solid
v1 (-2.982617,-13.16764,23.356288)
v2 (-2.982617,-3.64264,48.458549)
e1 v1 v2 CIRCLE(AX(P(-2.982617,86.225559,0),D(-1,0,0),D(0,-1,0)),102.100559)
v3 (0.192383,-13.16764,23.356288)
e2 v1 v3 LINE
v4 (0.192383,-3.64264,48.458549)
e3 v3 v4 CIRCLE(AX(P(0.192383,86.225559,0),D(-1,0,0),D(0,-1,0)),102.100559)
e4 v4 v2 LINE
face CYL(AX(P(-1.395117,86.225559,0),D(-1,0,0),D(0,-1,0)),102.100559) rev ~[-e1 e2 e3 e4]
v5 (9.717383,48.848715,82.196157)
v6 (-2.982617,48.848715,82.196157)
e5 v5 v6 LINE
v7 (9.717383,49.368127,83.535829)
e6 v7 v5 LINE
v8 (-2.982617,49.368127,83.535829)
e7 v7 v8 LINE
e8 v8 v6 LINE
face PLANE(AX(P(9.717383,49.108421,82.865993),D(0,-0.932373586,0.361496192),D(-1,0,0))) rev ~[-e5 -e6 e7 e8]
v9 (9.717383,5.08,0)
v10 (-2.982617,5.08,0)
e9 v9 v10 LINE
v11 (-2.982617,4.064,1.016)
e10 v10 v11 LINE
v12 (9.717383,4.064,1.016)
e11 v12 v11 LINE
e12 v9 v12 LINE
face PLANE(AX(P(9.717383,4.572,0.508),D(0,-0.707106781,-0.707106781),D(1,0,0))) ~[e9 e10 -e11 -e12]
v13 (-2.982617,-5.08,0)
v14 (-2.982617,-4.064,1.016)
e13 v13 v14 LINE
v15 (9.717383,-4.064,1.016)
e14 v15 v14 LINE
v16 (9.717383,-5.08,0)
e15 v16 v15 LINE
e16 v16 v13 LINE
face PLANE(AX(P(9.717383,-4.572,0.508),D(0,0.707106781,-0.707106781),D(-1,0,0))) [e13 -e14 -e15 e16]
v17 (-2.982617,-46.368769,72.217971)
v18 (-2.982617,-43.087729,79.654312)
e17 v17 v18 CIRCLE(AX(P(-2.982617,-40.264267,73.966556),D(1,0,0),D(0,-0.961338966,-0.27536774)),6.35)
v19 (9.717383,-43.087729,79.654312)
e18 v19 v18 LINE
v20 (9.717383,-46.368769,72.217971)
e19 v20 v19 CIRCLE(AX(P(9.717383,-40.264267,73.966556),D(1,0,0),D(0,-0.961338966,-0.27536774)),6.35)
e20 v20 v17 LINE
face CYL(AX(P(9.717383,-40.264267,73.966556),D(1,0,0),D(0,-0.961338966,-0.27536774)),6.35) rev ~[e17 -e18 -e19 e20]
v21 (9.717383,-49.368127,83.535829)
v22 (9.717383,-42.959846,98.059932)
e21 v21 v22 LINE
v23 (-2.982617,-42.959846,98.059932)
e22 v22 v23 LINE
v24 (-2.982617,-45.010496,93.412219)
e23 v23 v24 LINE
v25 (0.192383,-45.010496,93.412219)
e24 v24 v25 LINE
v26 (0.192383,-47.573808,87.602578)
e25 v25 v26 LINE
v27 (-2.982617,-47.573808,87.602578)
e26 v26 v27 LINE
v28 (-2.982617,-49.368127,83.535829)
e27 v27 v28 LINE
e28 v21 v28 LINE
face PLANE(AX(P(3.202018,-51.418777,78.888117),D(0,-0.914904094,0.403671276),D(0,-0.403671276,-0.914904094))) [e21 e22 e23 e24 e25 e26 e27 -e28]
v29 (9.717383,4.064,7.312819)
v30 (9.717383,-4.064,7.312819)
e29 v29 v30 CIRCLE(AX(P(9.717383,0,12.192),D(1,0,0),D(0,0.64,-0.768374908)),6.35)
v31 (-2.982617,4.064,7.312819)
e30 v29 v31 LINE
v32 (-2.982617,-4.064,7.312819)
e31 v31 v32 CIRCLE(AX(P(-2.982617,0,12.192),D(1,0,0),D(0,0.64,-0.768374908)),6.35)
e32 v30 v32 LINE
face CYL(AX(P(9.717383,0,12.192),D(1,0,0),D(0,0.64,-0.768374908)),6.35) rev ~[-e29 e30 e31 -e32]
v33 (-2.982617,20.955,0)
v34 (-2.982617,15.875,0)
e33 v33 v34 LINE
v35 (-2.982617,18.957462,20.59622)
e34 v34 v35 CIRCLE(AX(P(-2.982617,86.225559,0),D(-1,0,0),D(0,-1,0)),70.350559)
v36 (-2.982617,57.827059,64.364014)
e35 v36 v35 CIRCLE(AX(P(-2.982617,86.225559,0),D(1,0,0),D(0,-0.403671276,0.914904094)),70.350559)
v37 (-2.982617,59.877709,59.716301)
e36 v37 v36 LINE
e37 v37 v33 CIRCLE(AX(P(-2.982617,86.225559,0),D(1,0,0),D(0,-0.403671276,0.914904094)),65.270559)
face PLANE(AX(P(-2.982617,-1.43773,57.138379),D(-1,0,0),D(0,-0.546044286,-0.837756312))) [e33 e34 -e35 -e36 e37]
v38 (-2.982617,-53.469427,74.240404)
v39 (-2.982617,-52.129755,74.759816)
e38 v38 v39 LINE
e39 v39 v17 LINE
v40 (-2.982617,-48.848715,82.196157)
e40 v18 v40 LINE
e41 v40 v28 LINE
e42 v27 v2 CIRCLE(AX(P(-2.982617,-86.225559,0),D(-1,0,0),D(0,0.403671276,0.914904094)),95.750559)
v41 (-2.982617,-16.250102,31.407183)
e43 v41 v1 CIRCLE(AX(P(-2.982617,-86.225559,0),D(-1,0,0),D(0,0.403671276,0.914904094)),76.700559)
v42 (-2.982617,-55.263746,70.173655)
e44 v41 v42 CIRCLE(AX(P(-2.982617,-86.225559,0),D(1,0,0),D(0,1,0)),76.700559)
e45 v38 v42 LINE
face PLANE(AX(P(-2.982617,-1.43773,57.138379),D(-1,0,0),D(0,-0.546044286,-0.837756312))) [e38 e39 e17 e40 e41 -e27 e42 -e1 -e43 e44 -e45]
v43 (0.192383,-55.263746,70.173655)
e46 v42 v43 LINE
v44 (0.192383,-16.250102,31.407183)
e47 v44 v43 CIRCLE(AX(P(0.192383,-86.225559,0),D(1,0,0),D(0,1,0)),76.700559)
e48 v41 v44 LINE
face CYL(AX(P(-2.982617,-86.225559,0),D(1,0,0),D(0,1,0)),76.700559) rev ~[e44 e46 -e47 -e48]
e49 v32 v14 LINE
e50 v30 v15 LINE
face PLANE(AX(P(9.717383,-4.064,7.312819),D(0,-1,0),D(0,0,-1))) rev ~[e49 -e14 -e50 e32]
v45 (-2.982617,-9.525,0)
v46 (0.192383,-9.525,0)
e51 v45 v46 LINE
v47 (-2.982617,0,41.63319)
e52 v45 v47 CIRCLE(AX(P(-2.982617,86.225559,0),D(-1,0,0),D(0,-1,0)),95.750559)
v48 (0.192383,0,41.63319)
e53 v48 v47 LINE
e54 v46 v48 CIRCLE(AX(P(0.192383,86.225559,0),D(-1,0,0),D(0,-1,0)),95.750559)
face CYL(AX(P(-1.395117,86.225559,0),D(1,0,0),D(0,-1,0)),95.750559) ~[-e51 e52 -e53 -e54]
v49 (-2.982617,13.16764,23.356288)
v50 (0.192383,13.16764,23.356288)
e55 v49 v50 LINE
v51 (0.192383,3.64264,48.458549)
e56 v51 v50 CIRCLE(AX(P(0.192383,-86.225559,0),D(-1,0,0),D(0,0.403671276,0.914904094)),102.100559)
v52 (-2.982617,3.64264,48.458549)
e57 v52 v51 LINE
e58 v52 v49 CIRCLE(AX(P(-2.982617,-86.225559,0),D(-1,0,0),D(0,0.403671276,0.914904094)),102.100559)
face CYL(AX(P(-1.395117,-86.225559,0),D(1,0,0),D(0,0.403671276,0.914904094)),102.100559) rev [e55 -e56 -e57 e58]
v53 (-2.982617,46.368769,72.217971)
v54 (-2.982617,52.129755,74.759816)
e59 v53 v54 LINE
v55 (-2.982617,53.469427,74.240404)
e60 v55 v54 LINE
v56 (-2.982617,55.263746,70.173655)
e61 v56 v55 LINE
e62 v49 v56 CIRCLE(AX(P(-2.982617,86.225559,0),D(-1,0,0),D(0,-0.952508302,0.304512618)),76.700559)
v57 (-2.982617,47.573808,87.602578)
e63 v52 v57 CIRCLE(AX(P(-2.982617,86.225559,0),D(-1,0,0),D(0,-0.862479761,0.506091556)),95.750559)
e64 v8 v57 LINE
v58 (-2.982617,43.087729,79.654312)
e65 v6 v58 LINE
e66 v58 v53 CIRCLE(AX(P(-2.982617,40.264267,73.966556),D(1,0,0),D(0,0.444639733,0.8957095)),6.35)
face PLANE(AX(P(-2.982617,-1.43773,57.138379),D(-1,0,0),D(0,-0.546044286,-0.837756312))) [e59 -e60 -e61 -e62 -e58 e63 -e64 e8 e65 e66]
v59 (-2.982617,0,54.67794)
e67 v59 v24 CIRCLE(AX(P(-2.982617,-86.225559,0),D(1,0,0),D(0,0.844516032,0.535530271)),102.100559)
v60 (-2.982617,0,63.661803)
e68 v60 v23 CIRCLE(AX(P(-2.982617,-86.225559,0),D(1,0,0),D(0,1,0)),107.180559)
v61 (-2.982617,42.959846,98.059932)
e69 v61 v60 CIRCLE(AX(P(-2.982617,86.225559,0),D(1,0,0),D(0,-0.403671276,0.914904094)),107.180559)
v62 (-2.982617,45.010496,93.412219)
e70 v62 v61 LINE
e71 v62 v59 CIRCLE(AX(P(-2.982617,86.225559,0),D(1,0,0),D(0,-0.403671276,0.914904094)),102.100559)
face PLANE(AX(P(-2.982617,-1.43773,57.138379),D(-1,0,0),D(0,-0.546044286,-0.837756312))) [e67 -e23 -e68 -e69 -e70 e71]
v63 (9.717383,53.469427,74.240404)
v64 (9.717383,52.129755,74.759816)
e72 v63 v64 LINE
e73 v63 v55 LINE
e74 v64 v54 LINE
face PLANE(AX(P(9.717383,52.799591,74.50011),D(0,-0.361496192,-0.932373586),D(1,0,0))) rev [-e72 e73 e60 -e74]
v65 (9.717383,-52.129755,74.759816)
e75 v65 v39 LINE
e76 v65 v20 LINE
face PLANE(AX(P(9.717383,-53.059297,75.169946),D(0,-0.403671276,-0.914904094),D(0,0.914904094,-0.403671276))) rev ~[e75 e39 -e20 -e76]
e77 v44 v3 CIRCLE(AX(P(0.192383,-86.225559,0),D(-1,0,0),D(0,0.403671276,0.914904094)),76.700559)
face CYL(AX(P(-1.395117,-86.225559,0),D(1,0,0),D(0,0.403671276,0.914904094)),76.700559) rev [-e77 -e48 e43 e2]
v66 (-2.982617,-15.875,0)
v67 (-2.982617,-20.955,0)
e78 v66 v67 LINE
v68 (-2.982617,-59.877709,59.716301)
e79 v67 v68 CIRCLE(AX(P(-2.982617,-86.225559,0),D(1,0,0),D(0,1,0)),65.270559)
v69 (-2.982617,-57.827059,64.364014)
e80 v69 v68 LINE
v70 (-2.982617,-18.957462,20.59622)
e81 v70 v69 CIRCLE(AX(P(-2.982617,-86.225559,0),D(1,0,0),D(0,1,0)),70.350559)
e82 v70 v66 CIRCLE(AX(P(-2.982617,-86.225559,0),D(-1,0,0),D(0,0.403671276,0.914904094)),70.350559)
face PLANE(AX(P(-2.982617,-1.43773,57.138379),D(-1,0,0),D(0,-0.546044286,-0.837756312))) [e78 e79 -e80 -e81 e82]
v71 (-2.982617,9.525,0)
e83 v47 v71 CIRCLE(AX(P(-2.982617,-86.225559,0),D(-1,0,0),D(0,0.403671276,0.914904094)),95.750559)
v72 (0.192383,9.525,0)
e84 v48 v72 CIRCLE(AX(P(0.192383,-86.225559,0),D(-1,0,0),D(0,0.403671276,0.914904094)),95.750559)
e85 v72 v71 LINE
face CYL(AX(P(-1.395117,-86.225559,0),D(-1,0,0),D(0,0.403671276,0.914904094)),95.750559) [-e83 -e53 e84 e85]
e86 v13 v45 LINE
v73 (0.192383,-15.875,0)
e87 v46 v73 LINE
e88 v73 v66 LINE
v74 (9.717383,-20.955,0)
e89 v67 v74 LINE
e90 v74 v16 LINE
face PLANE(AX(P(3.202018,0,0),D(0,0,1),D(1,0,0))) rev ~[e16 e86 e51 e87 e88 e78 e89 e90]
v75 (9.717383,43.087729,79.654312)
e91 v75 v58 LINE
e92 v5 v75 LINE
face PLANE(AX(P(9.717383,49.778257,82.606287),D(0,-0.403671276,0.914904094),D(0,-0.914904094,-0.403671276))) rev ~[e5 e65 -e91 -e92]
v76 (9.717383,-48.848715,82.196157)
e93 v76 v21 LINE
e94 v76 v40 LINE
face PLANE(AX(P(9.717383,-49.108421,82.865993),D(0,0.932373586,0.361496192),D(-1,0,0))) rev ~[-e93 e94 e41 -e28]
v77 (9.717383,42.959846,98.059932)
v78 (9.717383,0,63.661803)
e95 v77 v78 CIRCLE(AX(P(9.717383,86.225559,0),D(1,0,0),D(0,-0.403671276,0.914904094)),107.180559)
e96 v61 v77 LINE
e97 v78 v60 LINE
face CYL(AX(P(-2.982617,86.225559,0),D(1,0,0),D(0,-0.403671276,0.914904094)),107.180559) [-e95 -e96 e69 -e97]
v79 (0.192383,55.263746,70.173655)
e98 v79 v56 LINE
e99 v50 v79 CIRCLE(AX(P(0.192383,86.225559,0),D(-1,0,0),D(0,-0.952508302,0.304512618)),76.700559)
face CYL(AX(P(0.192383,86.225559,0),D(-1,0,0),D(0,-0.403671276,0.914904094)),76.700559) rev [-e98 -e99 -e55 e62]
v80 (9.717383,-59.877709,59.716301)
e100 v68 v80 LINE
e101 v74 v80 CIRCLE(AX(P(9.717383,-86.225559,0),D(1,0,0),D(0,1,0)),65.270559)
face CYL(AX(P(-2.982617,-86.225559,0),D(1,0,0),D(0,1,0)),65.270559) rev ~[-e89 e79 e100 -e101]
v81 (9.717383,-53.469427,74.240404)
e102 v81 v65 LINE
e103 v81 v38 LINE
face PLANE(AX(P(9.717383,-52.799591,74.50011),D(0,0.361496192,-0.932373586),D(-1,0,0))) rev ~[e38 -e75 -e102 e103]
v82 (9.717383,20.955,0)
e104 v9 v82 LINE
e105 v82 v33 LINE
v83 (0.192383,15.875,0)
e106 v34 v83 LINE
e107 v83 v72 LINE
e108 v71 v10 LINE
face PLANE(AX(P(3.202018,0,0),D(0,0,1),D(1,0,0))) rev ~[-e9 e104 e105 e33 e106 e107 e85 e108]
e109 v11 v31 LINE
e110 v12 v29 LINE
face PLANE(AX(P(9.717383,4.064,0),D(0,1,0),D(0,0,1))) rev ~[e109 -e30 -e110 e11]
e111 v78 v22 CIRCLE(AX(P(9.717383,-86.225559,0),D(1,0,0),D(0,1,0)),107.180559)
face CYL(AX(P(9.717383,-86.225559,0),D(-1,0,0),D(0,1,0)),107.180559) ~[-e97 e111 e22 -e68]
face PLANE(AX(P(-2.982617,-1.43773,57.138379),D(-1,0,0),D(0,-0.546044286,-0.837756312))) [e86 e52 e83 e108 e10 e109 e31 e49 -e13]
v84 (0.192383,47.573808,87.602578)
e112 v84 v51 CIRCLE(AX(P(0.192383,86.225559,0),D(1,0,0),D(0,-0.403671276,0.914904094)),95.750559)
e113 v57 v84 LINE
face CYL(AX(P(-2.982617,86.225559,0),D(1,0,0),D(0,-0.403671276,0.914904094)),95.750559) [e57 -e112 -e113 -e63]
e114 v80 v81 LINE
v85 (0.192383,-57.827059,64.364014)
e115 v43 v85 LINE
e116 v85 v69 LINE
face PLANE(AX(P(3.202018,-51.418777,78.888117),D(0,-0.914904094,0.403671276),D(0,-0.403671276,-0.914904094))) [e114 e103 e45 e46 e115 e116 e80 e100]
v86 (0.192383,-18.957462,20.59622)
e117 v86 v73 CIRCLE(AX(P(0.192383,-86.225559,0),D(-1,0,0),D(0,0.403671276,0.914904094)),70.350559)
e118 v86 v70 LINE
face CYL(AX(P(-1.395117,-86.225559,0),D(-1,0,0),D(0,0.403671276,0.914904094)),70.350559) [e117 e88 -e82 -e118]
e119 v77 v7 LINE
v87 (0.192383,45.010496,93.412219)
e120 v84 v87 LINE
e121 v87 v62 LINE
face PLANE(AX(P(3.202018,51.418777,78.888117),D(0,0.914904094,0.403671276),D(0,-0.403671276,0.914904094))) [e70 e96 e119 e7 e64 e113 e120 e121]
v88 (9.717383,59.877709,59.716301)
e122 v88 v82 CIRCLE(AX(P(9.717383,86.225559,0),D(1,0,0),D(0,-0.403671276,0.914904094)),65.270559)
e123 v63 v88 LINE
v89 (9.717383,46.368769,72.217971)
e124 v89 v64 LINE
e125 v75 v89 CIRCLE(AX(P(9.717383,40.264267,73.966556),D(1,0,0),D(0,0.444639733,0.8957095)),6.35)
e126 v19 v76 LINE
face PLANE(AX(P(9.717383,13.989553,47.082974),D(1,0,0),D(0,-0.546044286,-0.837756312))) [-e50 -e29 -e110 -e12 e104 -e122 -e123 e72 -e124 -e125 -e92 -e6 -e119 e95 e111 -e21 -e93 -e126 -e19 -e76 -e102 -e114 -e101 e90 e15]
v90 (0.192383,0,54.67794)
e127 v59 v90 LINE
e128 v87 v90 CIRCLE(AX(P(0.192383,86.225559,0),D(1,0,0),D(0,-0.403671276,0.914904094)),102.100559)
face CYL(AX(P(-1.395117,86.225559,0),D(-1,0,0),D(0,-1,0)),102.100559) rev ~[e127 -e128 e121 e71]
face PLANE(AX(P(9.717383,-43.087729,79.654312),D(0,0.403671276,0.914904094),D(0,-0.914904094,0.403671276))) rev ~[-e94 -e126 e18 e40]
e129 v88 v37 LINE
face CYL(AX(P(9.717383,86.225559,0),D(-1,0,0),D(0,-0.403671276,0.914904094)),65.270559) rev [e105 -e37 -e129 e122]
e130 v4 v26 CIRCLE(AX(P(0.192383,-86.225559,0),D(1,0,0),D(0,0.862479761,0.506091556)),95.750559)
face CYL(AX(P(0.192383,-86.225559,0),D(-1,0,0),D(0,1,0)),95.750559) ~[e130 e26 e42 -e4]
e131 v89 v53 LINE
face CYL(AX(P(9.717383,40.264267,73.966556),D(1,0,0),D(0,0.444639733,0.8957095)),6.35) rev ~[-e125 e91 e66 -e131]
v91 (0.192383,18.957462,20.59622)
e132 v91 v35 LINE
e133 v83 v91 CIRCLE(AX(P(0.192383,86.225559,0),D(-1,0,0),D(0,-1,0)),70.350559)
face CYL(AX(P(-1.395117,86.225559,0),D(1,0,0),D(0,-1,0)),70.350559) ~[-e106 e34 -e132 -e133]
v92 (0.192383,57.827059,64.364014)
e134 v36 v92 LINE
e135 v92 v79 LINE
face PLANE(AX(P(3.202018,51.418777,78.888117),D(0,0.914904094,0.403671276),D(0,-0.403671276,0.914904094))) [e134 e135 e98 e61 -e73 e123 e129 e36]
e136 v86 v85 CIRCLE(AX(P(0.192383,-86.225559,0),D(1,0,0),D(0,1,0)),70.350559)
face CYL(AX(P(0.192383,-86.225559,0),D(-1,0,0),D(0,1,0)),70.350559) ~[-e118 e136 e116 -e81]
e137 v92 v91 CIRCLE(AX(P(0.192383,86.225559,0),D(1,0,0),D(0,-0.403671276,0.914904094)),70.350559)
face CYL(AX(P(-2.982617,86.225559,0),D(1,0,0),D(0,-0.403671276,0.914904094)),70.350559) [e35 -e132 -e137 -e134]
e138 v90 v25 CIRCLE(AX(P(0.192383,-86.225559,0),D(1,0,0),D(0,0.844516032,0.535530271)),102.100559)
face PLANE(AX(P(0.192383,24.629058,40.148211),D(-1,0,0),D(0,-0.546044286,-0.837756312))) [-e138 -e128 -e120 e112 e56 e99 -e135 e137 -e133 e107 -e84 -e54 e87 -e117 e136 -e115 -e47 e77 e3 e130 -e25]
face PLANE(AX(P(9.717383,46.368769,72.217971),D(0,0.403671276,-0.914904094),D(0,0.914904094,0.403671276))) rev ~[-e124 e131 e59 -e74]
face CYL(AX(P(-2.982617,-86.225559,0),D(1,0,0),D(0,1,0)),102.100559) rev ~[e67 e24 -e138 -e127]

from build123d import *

# Parameters (mm, degrees)
F4_DEPTH  = 12.7
F5_SIZE   = 1.016
F8_W      = 3.175
F8_H      = 6.35
F12_DEPTH = 12.7
F13_SIZE  = 1.016


with BuildPart() as f2:
    # F2: sweep along a path in F1
    with BuildLine(Plane.YZ) as f2_path:
        ThreePointArc((0, 0), (-13.9895526568, 47.0829736144), (-51.4187773904, 78.8881166537))
    # F0 (on Top) → F2 (sweep)
    with BuildSketch(Plane.XY):
        Polygon((-2.9826171882, -15.875), (-2.9826171882, -20.955), (9.7173828118, -20.955), (9.7173828118, 20.955), (-2.9826171882, 20.955), (-2.9826171882, 15.875), (0.1923828118, 15.875), (0.1923828118, 9.525), (-2.9826171882, 9.525), (-2.9826171882, -9.525), (0.1923828118, -9.525), (0.1923828118, -15.875), align=None)
    sweep(path=f2_path.line)

    # F3 (on face) → F4 (cut, through all)
    with BuildSketch(Plane.YZ.offset(9.7173828118)):
        with BuildLine():
            Line((-4.064, 7.3128193311), (-4.064, 0))
            Line((-4.064, 0), (4.064, 0))
            Line((4.064, 0), (4.064, 7.3128193311))
            ThreePointArc((4.064, 7.3128193311), (0, 18.542), (-4.064, 7.3128193311))
        make_face()
        with BuildLine():
            Line((-43.0877289811, 79.6543117793), (-49.7782573242, 82.6062868909))
            Line((-49.7782573242, 82.6062868909), (-53.0592974567, 75.1699464166))
            Line((-53.0592974567, 75.1699464166), (-46.3687691136, 72.217971305))
            ThreePointArc((-46.3687691136, 72.217971305), (-34.4546256835, 71.4032438515), (-43.0877289811, 79.6543117793))
        make_face()
    extrude(amount=-F4_DEPTH, mode=Mode.SUBTRACT)

    # F5
    f5_edges = [f2.edges().sort_by_distance(p)[0] for p in [
        (3.367383, -53.059297, 75.169946),
        (3.367383, -49.778257, 82.606287),
        (3.367383, 4.064, 0),
        (3.367383, -4.064, 0),
    ]]
    chamfer(f5_edges, length=F5_SIZE)

    # F7: sweep along a path in F6
    with BuildLine(Plane.YZ) as f7_path:
        ThreePointArc((51.4187773904, 78.8881166537), (13.9895526568, 47.0829736144), (0, 0))
    # F0 (on Top) → F7 (sweep)
    with BuildSketch(Plane.XY):
        Polygon((-2.9826171882, -15.875), (-2.9826171882, -20.955), (9.7173828118, -20.955), (9.7173828118, 20.955), (-2.9826171882, 20.955), (-2.9826171882, 15.875), (0.1923828118, 15.875), (0.1923828118, 9.525), (-2.9826171882, 9.525), (-2.9826171882, -9.525), (0.1923828118, -9.525), (0.1923828118, -15.875), align=None)
    sweep(path=f7_path.line)

    # F9: sweep along a path in F9_path
    with BuildLine(Plane(origin=(-2.9826171882, 20.955, 0), x_dir=(0, 0, 1), z_dir=(1, 0, 0))) as f9_path:
        ThreePointArc((0, 0), (35.6406156079, -10.5897361719), (59.7163013685, -38.922708982))
    # F8 (on face) → F9 (sweep, cut)
    with BuildSketch(Plane(origin=(0, 0, 0), x_dir=(1, 0, 0), z_dir=(0, 0, -1))):
        with Locations((-1.3951171882, -12.7)):
            Rectangle(F8_W, F8_H)
        with Locations((-1.3951171882, 12.7)):
            Rectangle(F8_W, F8_H)
    sweep(path=f9_path.line, mode=Mode.SUBTRACT)

    # F10: sweep along a path in F10_path
    with BuildLine(Plane(origin=(-2.9826171882, -59.877708982, 59.7163013685), x_dir=(0, 0, 1), z_dir=(1, 0, 0))) as f10_path:
        ThreePointArc((0, 0), (-24.0756857607, -28.33297281), (-59.7163013685, -38.922708982))
    # F8 (on face) → F10 (sweep, cut)
    with BuildSketch(Plane(origin=(0, 0, 0), x_dir=(1, 0, 0), z_dir=(0, 0, -1))):
        with Locations((-1.3951171882, -12.7)):
            Rectangle(F8_W, F8_H)
        with Locations((-1.3951171882, 12.7)):
            Rectangle(F8_W, F8_H)
    sweep(path=f10_path.line, mode=Mode.SUBTRACT)

    # F11 (on face) → F12 (cut, through all)
    with BuildSketch(Plane.YZ.offset(9.7173828118)):
        with BuildLine():
            Line((-4.064, 0), (4.064, 0))
            Line((4.064, 0), (4.064, 7.3128193311))
            ThreePointArc((4.064, 7.3128193311), (0, 18.542), (-4.064, 7.3128193311))
            Line((-4.064, 7.3128193311), (-4.064, 0))
        make_face()
        with BuildLine():
            Line((46.3687691136, 72.217971305), (53.0592974567, 75.1699464166))
            Line((53.0592974567, 75.1699464166), (49.7782573242, 82.6062868909))
            Line((49.7782573242, 82.6062868909), (43.0877289811, 79.6543117793))
            ThreePointArc((43.0877289811, 79.6543117793), (34.4546256835, 71.4032438515), (46.3687691136, 72.217971305))
        make_face()
    extrude(amount=-F12_DEPTH, mode=Mode.SUBTRACT)

    # F13
    f13_edges = [f2.edges().sort_by_distance(p)[0] for p in [
        (3.367383, 4.064, 0),
        (3.367383, -4.064, 0),
        (3.367383, 53.059297, 75.169946),
        (3.367383, 49.778257, 82.606287),
    ]]
    chamfer(f13_edges, length=F13_SIZE)


solid = f2.part
